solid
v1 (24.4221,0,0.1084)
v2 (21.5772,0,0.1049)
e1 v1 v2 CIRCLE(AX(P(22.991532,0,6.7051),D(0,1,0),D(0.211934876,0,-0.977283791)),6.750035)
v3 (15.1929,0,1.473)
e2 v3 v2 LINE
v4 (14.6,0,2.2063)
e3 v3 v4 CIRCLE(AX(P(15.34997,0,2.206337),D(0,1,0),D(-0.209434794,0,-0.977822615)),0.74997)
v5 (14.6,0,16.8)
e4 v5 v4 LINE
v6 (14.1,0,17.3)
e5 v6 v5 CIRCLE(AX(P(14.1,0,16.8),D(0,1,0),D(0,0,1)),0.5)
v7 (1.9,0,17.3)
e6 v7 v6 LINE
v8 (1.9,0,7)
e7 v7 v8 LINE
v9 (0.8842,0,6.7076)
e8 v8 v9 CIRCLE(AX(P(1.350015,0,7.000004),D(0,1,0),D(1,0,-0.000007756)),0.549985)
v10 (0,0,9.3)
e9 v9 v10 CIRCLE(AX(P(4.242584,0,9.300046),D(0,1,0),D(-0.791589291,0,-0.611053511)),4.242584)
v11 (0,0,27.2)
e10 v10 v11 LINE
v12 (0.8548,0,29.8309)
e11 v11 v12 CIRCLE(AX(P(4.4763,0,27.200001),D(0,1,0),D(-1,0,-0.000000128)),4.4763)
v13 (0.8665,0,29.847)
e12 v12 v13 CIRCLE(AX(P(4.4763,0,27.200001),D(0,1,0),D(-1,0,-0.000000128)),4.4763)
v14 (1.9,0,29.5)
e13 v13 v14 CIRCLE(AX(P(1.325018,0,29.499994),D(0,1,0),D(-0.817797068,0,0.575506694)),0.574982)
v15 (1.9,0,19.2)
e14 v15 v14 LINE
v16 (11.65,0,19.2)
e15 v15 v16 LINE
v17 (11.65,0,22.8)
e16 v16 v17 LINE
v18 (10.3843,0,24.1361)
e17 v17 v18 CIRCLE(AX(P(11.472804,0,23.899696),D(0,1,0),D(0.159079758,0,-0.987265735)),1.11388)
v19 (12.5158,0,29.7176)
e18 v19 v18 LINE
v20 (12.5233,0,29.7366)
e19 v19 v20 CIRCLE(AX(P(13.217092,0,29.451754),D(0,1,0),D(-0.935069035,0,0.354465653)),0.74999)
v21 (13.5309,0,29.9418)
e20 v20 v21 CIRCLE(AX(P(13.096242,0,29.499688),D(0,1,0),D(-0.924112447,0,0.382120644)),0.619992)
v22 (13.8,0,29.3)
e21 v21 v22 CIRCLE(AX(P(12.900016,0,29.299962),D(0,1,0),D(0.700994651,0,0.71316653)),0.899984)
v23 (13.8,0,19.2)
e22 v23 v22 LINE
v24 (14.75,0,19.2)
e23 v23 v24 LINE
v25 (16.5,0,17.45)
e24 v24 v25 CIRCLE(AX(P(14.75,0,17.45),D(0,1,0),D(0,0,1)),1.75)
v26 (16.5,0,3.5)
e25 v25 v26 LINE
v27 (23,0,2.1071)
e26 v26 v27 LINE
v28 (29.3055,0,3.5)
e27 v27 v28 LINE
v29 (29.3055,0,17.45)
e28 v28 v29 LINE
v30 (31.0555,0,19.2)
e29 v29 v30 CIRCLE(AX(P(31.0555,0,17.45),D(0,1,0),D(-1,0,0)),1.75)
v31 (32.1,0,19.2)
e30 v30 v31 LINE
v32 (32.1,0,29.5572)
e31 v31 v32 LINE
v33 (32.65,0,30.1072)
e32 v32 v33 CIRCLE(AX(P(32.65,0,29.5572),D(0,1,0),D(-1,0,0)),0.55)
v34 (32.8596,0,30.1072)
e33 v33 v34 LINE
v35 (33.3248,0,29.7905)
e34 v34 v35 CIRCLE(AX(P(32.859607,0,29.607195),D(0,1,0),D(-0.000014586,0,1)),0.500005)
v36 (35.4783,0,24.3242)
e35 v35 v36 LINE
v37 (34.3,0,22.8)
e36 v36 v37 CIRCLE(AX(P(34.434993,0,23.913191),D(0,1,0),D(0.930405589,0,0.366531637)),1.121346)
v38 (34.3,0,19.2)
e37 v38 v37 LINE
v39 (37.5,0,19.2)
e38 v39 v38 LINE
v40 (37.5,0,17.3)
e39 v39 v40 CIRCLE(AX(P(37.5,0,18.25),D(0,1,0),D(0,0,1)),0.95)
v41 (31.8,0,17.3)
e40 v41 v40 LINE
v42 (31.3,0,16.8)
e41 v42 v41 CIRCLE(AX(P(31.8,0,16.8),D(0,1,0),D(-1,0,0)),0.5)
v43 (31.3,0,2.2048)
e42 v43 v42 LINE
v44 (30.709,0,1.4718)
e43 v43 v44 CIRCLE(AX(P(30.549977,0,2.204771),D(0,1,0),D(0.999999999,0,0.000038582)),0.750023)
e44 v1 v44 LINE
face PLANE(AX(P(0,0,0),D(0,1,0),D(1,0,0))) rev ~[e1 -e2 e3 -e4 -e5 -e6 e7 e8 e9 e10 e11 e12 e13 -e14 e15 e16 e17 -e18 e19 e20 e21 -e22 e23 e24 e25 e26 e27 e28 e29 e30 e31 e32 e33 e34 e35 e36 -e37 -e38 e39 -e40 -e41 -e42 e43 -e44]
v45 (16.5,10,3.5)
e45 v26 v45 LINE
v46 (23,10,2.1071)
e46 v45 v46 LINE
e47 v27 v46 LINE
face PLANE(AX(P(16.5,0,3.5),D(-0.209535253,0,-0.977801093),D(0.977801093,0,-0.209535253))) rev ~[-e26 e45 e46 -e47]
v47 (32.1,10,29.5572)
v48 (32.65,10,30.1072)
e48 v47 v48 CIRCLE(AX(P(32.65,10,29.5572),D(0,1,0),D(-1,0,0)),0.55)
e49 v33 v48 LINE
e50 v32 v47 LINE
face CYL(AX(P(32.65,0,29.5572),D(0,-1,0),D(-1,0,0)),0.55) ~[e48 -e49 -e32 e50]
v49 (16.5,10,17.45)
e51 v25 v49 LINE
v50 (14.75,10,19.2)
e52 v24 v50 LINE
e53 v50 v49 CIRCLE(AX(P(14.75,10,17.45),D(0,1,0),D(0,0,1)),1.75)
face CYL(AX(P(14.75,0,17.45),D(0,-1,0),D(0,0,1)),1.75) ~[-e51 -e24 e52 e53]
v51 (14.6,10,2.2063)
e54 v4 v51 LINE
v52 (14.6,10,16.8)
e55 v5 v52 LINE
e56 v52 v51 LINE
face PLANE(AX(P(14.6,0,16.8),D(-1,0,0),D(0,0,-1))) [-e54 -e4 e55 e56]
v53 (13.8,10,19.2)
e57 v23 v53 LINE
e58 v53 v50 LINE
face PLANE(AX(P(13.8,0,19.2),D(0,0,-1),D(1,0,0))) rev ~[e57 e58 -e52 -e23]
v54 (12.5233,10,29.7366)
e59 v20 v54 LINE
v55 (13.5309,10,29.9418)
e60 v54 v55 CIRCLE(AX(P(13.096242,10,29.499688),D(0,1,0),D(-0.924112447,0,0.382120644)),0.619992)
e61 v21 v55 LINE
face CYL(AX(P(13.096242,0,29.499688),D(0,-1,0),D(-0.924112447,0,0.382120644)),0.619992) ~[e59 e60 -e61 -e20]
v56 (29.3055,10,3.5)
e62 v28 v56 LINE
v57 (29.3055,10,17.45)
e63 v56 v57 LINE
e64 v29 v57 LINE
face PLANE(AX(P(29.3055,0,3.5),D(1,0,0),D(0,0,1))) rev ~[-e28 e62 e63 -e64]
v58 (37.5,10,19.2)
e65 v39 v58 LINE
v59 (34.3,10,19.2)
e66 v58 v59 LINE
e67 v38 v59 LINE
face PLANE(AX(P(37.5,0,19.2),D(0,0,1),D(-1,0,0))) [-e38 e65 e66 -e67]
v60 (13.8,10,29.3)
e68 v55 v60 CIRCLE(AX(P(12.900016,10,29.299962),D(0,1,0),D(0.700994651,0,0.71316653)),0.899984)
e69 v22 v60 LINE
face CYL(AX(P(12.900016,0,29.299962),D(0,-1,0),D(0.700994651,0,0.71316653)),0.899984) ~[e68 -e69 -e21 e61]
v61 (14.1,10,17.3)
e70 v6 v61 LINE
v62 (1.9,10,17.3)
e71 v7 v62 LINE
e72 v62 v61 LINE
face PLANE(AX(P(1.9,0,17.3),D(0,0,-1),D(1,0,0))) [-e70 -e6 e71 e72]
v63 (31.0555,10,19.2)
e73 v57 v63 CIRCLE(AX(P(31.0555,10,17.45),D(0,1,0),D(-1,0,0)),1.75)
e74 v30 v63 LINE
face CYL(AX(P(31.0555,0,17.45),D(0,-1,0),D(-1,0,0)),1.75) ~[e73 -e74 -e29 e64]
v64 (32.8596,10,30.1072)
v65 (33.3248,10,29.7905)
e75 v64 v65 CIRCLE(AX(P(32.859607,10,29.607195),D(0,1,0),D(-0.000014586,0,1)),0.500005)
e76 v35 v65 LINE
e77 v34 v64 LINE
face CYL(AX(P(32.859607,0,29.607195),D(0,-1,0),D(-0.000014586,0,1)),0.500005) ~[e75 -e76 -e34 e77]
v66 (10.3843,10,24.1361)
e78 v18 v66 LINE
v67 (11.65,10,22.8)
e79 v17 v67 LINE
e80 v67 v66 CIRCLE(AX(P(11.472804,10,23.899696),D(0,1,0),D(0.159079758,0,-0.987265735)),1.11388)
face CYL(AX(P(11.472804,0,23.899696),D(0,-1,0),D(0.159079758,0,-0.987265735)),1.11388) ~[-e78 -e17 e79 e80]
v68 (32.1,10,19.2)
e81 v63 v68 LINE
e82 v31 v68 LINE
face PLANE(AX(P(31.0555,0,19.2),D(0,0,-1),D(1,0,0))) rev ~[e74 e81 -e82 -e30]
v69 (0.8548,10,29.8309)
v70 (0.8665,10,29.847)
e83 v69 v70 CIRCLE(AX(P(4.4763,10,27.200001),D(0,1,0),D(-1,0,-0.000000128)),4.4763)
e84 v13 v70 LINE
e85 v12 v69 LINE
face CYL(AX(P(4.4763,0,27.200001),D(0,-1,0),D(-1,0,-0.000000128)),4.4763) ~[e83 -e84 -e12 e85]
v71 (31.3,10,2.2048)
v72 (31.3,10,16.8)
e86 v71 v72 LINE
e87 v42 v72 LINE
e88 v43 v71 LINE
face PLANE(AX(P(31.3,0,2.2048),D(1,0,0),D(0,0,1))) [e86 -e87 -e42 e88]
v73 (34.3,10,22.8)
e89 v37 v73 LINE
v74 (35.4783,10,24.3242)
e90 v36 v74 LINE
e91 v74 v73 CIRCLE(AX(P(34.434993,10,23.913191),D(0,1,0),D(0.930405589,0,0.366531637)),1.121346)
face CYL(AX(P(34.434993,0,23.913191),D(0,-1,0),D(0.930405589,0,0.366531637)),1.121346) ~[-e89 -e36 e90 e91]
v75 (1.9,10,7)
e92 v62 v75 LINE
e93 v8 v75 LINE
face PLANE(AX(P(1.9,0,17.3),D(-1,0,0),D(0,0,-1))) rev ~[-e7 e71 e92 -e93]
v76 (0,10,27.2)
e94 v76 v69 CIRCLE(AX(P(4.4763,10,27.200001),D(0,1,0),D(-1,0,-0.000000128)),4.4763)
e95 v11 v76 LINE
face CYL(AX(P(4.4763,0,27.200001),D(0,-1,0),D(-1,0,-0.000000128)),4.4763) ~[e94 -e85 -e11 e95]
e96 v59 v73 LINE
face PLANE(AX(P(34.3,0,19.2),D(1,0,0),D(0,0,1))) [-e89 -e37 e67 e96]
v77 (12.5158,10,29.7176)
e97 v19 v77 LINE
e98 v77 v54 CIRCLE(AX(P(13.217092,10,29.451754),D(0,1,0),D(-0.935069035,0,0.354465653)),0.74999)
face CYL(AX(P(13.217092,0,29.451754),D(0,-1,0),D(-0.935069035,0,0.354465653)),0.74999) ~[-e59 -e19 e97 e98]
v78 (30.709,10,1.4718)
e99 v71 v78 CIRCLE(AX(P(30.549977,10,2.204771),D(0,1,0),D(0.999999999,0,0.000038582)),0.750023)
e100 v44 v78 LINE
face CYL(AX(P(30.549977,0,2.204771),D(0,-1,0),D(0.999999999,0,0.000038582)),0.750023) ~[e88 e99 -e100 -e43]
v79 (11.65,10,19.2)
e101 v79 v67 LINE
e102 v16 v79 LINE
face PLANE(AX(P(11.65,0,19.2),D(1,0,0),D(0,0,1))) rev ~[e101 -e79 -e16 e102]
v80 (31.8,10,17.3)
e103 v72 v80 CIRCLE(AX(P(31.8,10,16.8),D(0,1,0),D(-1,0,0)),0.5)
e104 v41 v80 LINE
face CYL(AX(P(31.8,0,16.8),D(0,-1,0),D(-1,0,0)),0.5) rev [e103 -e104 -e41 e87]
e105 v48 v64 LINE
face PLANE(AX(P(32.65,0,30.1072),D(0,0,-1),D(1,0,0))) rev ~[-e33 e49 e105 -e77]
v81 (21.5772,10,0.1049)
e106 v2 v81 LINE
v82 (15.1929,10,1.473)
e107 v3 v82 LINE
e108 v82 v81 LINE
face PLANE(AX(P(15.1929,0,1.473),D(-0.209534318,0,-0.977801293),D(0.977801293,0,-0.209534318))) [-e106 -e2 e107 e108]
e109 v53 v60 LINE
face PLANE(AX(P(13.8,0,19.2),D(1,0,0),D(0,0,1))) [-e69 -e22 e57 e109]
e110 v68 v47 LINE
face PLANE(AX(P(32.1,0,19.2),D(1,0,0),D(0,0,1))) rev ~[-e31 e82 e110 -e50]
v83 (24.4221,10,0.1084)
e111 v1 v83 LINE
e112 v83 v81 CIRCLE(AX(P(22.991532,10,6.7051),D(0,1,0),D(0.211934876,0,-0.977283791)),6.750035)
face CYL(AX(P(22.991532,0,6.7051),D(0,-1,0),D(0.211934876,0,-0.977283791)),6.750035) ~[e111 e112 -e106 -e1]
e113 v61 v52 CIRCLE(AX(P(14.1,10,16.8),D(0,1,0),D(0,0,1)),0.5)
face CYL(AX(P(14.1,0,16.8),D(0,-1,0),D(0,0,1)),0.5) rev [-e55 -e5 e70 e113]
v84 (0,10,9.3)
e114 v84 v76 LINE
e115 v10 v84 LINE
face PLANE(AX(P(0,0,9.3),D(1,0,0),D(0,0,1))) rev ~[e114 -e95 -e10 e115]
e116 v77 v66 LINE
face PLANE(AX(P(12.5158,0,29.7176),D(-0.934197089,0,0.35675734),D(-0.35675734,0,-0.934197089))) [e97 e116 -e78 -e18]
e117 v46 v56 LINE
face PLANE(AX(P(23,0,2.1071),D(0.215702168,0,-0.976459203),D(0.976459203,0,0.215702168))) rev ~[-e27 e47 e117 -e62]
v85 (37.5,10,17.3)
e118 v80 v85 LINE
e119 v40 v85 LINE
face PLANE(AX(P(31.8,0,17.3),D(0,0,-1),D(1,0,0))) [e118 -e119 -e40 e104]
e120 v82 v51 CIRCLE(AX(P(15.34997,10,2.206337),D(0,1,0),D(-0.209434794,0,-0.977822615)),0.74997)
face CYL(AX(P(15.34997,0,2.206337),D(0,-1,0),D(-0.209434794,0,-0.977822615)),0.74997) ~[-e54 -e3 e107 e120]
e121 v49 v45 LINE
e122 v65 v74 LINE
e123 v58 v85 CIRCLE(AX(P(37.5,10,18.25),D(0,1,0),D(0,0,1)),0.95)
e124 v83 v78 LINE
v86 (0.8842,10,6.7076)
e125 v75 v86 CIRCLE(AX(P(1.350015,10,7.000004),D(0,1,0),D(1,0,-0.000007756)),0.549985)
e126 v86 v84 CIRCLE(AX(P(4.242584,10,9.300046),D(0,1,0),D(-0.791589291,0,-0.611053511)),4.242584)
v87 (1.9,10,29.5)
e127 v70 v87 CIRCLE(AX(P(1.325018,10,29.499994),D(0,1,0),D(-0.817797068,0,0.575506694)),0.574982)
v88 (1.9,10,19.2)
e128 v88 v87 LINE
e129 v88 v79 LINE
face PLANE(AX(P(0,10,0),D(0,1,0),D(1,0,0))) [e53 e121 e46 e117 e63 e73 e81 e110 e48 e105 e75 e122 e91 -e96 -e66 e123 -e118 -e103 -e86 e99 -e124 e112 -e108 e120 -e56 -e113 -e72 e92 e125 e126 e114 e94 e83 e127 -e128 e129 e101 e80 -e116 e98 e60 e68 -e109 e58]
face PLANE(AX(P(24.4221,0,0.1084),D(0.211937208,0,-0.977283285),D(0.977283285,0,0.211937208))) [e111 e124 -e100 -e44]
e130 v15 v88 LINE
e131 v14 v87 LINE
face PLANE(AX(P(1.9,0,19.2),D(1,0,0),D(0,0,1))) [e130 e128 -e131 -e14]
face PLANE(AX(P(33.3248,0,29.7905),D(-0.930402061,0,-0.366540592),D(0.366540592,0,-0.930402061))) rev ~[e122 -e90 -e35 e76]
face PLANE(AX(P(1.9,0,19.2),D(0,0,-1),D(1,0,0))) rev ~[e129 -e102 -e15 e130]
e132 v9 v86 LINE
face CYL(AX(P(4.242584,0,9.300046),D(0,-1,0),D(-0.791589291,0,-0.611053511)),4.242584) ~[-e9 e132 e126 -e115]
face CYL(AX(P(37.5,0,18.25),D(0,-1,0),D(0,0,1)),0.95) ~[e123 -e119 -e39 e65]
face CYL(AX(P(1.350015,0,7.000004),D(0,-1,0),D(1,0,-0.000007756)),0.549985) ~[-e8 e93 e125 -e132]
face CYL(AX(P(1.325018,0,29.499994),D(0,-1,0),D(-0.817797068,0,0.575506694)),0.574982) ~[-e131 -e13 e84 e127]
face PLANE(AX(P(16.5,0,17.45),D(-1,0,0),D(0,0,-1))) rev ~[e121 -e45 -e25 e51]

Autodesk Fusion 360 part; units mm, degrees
sketch "Boceto1" plane through (0, 0, 0) normal (0, 1, 0) x (1, 0, 0)
  line L0 (0, 0) -> (0, -9.3) construction
  line L1 (0, -9.3) -> (0, -27.2)
  line L2 (0, -18.25) -> (38.3351, -18.25) construction
  line L3 (1.9, -19.2) -> (1.9, -29.5)
  arc A0 (0, -27.2) -> (0.8665, -29.847) centre (4.4763, -27.2) ccw
  arc A1 (0.8548, -29.8309) -> (1.9, -29.5) centre (1.325, -29.5) ccw
  line L4 (1.9, -19.2) -> (11.65, -19.2)
  line L5 (11.65, -19.2) -> (11.65, -22.8)
  line L6 (1.9, -17.3) -> (1.9, -7)
  arc A2 (0.8842, -6.7076) -> (0, -9.3) centre (4.2426, -9.3) ccw
  arc A3 (1.9, -7) -> (0.8842, -6.7076) centre (1.35, -7) ccw
  line L7 (1.9, -17.3) -> (14.1, -17.3)
  line L8 (14.6, -16.8) -> (14.6, -2.2063)
  line L9 (15.1929, -1.473) -> (21.5772, -0.1049)
  line L10 (24.4221, -0.1084) -> (30.709, -1.4718)
  line L11 (31.3, -2.2048) -> (31.3, -16.8)
  line L12 (31.8, -17.3) -> (37.5, -17.3)
  line L13 (37.5, -19.2) -> (34.3, -19.2)
  arc A4 (37.5, -19.2) -> (37.5, -17.3) centre (37.5, -18.25) ccw
  line L14 (13.8, -19.2) -> (13.8, -29.3)
  line L15 (12.5158, -29.7176) -> (10.3843, -24.1361)
  arc A5 (11.65, -22.8) -> (10.3843, -24.1361) centre (11.4728, -23.8997) ccw
  arc A6 (12.5158, -29.7176) -> (12.5233, -29.7366) centre (13.2164, -29.45) ccw
  arc A7 (13.5309, -29.9418) -> (13.8, -29.3) centre (12.9, -29.3) ccw
  arc A8 (12.5233, -29.7366) -> (13.5309, -29.9418) centre (13.0963, -29.4997) ccw
  line L16 (13.8, -19.2) -> (14.75, -19.2)
  line L17 (16.5, -17.45) -> (16.5, -3.5)
  line L18 (16.5, -3.5) -> (23, -2.1071)
  line L19 (23, -2.1071) -> (29.3055, -3.5)
  line L20 (29.3055, -3.5) -> (29.3055, -17.45)
  line L21 (31.0555, -19.2) -> (32.1, -19.2)
  line L22 (32.1, -19.2) -> (32.1, -29.5572)
  line L23 (34.3, -19.2) -> (34.3, -22.8)
  arc A9 (14.75, -19.2) -> (16.5, -17.45) centre (14.75, -17.45) ccw
  arc A10 (29.3055, -17.45) -> (31.0555, -19.2) centre (31.0555, -17.45) ccw
  arc A11 (14.1, -17.3) -> (14.6, -16.8) centre (14.1, -16.8) ccw
  arc A12 (31.3, -16.8) -> (31.8, -17.3) centre (31.8, -16.8) ccw
  line L24 (32.65, -30.1072) -> (32.8596, -30.1072)
  line L25 (33.3248, -29.7905) -> (35.4783, -24.3242)
  arc A13 (35.4783, -24.3242) -> (34.3, -22.8) centre (34.435, -23.9132) ccw
  arc A14 (32.1, -29.5572) -> (32.65, -30.1072) centre (32.65, -29.5572) ccw
  arc A15 (32.8596, -30.1072) -> (33.3248, -29.7905) centre (32.8596, -29.6072) ccw
  arc A16 (15.1929, -1.473) -> (14.6, -2.2063) centre (15.35, -2.2063) ccw
  arc A17 (31.3, -2.2048) -> (30.709, -1.4718) centre (30.55, -2.2048) ccw
  arc A18 (24.4221, -0.1084) -> (21.5772, -0.1049) centre (22.9915, -6.7051) ccw
  dimension "d1" = 0.75
  dimension "d2" = 0.9
  dimension "d3" = 0.62
  dimension "d4" = 1.75
  dimension "d5" = 0.5
  dimension "d6" = 0.55
  dimension "d7" = 0.5
  dimension "d8" = 0.75
  dimension "d9" = 6.75
extrude "Extruir1" add sketch "Boceto1" along normal blind 10
equation "L = 10 mm"
equation "d11 = L"
